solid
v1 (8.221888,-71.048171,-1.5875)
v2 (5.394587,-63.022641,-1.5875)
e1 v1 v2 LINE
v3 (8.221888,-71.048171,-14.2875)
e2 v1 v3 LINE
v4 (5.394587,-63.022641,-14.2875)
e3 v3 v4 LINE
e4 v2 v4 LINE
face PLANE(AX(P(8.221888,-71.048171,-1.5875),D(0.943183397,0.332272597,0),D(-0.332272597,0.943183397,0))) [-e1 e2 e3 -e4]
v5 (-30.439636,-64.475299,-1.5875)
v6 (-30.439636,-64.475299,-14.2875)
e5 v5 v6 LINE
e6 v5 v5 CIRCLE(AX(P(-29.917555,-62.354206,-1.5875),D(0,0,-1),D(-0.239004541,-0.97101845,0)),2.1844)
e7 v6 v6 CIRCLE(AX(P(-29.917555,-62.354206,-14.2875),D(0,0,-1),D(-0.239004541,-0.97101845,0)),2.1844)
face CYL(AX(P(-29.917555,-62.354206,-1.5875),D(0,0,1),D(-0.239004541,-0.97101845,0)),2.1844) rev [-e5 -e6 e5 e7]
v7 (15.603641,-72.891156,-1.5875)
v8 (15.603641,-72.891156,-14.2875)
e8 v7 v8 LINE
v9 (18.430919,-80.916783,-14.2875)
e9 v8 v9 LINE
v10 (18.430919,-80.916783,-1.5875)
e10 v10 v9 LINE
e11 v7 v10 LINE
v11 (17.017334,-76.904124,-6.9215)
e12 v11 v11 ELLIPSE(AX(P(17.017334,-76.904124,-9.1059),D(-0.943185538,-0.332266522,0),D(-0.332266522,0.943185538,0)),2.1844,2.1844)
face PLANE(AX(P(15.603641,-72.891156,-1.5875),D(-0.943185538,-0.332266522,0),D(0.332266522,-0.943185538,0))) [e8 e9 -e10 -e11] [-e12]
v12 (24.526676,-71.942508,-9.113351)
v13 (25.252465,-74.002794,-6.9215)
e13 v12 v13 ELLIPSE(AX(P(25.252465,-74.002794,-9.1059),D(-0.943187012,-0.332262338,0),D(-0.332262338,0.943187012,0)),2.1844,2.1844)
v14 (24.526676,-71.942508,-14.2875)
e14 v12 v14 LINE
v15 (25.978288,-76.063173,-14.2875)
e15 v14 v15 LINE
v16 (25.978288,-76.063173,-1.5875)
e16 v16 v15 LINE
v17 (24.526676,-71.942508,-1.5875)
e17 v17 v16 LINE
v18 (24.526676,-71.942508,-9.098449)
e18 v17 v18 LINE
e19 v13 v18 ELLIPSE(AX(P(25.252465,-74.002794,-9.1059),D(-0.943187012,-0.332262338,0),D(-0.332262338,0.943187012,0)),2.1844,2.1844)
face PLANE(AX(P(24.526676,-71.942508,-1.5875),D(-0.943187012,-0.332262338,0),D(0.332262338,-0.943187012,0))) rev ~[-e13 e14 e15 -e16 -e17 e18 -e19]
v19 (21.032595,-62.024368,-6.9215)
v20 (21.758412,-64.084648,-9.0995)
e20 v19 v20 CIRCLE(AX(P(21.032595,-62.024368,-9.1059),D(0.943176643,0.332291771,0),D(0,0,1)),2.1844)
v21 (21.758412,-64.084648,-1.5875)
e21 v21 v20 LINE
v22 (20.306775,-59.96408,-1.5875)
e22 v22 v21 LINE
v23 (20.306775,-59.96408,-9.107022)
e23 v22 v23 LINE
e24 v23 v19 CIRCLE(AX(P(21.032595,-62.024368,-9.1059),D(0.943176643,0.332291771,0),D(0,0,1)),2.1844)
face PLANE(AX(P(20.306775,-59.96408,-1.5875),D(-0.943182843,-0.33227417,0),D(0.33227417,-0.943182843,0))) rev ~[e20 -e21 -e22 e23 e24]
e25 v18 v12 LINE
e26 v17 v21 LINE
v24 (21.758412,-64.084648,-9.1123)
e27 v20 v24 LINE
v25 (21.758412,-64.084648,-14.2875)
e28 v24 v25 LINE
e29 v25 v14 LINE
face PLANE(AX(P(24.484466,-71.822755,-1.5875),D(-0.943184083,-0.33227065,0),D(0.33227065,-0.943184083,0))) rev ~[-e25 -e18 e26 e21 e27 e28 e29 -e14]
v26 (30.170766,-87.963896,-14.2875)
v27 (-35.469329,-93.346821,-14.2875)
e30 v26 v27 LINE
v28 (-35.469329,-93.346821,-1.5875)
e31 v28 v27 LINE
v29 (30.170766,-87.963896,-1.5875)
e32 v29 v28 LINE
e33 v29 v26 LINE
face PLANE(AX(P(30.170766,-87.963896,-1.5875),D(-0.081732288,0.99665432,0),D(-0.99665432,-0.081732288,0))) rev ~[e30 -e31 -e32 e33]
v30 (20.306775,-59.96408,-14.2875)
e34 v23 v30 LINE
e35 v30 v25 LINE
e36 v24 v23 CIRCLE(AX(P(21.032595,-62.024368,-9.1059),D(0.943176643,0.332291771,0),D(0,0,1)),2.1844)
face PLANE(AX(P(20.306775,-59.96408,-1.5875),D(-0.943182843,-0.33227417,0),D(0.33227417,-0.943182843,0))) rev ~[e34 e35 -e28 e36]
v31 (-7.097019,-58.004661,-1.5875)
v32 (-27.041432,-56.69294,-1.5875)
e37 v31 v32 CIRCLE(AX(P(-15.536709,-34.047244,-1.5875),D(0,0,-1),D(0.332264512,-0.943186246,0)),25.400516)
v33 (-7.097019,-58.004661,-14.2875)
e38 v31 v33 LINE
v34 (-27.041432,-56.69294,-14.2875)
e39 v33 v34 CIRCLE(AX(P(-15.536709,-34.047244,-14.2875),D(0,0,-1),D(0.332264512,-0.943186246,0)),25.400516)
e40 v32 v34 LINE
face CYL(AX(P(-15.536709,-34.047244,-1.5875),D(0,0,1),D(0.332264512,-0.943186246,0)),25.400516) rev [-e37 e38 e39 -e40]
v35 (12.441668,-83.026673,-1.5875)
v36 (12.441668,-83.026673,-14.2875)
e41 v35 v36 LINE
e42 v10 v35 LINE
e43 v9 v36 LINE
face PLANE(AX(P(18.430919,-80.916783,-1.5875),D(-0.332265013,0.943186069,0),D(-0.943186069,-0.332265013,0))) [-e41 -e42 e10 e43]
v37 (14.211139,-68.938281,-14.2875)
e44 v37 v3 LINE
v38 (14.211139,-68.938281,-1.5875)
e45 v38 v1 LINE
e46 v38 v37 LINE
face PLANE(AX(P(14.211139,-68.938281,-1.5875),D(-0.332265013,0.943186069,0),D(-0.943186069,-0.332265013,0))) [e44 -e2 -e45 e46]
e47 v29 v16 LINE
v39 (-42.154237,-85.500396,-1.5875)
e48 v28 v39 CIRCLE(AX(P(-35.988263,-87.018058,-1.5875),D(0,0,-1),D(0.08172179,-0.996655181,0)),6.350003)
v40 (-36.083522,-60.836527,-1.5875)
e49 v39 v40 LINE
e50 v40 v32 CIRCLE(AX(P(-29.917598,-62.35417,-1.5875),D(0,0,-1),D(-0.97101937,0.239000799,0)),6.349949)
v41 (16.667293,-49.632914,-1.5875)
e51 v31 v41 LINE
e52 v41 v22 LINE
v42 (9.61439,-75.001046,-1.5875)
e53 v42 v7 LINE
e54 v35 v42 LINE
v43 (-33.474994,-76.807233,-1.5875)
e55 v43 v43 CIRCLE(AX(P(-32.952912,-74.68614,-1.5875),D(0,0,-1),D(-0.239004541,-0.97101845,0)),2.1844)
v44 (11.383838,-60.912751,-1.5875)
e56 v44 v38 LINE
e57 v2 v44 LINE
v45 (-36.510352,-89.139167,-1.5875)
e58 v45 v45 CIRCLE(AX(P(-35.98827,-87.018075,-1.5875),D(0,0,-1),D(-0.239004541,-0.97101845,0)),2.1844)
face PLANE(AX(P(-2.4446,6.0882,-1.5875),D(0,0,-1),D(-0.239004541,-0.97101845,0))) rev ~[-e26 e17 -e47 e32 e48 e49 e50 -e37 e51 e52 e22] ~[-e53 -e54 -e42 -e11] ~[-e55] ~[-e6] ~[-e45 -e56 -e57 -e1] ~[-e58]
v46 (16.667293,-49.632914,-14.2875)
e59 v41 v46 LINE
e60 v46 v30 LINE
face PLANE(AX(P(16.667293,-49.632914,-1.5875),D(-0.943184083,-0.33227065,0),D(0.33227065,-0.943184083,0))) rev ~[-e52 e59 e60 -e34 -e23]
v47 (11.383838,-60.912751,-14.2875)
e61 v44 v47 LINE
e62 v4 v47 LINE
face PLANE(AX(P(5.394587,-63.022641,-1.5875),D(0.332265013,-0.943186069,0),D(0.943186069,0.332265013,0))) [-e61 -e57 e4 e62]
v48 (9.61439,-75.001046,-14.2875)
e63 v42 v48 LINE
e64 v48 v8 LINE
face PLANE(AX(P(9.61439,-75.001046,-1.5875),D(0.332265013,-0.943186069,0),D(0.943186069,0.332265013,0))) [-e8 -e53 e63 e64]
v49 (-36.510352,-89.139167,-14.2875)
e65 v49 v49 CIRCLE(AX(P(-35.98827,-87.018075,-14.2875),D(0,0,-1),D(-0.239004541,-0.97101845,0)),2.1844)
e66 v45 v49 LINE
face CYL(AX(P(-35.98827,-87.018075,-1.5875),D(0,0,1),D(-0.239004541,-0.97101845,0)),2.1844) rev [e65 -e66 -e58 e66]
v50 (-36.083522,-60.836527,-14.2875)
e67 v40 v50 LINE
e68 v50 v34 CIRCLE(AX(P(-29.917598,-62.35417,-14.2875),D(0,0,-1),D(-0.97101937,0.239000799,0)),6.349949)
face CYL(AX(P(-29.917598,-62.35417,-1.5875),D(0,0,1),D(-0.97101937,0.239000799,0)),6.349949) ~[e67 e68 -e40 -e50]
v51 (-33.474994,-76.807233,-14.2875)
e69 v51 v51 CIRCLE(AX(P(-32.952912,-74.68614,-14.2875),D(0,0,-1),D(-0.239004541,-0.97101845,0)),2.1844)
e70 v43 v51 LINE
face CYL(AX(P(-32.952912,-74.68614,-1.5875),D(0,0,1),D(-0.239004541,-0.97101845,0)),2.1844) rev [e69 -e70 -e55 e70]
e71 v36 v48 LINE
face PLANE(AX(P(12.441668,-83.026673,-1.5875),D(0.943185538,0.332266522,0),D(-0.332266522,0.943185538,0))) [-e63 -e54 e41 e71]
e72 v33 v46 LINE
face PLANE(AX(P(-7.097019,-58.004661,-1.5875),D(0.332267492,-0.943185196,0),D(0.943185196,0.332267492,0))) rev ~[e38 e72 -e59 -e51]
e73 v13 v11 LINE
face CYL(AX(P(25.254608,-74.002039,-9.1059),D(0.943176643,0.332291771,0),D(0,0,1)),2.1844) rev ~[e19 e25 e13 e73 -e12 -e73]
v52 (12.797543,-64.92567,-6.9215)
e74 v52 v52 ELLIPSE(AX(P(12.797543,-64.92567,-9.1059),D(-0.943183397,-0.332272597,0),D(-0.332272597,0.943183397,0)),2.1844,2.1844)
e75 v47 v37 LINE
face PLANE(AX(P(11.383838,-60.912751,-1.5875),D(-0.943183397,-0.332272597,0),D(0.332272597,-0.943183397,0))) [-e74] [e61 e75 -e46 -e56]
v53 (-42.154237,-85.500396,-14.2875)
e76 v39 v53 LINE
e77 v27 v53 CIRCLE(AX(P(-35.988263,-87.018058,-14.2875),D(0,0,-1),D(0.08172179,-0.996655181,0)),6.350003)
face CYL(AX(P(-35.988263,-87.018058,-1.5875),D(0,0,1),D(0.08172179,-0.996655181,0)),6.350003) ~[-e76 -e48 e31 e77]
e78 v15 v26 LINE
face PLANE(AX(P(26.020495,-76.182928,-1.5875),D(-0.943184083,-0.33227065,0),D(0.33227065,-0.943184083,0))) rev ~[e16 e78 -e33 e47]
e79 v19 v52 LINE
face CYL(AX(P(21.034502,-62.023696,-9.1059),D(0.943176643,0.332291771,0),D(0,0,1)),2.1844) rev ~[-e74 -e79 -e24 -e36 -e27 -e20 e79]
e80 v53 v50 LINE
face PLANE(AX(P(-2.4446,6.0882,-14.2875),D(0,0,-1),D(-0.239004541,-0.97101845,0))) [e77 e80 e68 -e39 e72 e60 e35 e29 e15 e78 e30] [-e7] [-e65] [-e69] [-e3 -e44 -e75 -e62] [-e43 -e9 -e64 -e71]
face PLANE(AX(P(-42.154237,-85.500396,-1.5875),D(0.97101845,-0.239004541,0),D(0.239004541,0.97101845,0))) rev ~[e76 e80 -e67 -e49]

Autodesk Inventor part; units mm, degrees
ref_plane "YZ Plane" through (0, 0, 0) normal (1, 0, 0) x (0, 1, 0)
ref_plane "Work Plane1" through (-2.4446, 6.0882, -1.5875) normal (0, 0, -1) x (-0.239, -0.971, 0)
sketch "Sketch1" plane through (-2.4446, 6.0882, -1.5875) normal (0, 0, -1) x (-0.239, -0.971, 0)
  circle A0 centre (85.725, 10.3187) radius 2.1844
  circle A1 centre (98.425, 10.3187) radius 2.1844
  circle A2 centre (73.025, 10.3187) radius 2.1844
  line L0 (73.025, 10.3187) -> (98.425, 10.3187) construction
  line L1 (73.025, 3.9687) -> (98.425, 3.9687) construction
  line L2 (98.425, 16.6687) -> (73.025, 16.6687)
  arc A3 (73.025, 16.6687) -> (66.8404, 8.879) centre (73.025, 10.3187) ccw
  arc A4 (98.425, 3.9687) -> (104.4463, 8.3022) centre (98.425, 10.3187) ccw construction
  line L3 (73.025, 3.9687) -> (63.3473, -10.8009) construction
  arc A5 (63.3473, -10.8009) -> (66.8404, 8.879) centre (42.1019, 3.1199) ccw
  line L4 (58.7003, -37.8788) -> (62.3545, -40.2732)
  line L5 (69.323, -44.8393) -> (72.9773, -47.2337)
  line L6 (63.3473, -10.8009) -> (49.5384, -31.8756)
  arc A6 (66.8404, 8.879) -> (73.025, 3.9687) centre (73.025, 10.3187) ccw construction
  arc A7 (104.4463, 8.3022) -> (98.425, 16.6687) centre (98.425, 10.3187) ccw
  line L7 (69.2168, -44.7697) -> (68.3468, -46.0975)
  line L8 (73.0835, -47.3033) -> (72.2134, -48.6311)
  line L9 (68.7818, -45.4336) -> (72.6485, -47.9672) construction
  line L10 (70.7151, -46.7004) -> (77.6756, -36.0777) construction
  line L11 (60.5274, -39.076) -> (67.0528, -29.1172) construction
  line L12 (65.2343, -24.1298) -> (61.7541, -29.4412)
  line L13 (61.7541, -29.4412) -> (68.8713, -34.1047)
  line L14 (68.8713, -34.1047) -> (72.3515, -28.7933)
  line L15 (72.3515, -28.7933) -> (65.2343, -24.1298)
  line L16 (65.2343, -24.1298) -> (68.8713, -34.1047) construction
  line L17 (61.7541, -29.4412) -> (72.3515, -28.7933) construction
  line L18 (75.857, -31.0902) -> (72.3768, -36.4016)
  line L19 (72.3768, -36.4016) -> (79.4941, -41.0651)
  line L20 (79.4941, -41.0651) -> (82.9743, -35.7537)
  line L21 (82.9743, -35.7537) -> (75.857, -31.0902)
  line L22 (75.857, -31.0902) -> (79.4941, -41.0651) construction
  line L23 (72.3768, -36.4016) -> (82.9743, -35.7537) construction
  line L24 (181.7138, -118.4821) -> (130.5502, -84.9577) construction
  line L25 (49.5384, -31.8756) -> (83.5311, -54.149)
  line L26 (83.5311, -54.149) -> (104.4463, 8.3022)
  point P0 (85.725, 10.3187)
  point P1 (58.7003, -37.8788)
  point P2 (62.3545, -40.2732)
  point P3 (72.9773, -47.2337)
  dimension "d5" = 12.7
  dimension "d6" = 25.4
  dimension "d9" = 12.7
  dimension "d11" = 12.7
  dimension "d12" = 8.509
  dimension "d13" = 8.509
  dimension "d14" = 6.35
  dimension "d15" = 6.35
  dimension "d16" = 40.64
ref_plane "Work Plane3" through (-129.6539, 63.7298, -14.2875) normal (0, 0, -1) x (-0.5481, 0.8364, 0)
extrude "Extrusion1" add sketch "Sketch1" along normal up to surface (12.7 mm away)
sketch "Sketch2" plane through (16.667, -49.633, -14.2875) normal (0.9432, 0.3323, 0) x (0, 0, 1)
  circle A0 centre (5.1816, 25.8379) radius 2.1844 projected
  circle A1 centre (5.1816, 13.1379) radius 2.1844 projected
  point P0 (14.2875, -52.351)
extrude "Extrusion2" cut sketch "Sketch2" against normal blind 12.7
properties part number "AngleSupport" material "Plastic, Opaque Black"
